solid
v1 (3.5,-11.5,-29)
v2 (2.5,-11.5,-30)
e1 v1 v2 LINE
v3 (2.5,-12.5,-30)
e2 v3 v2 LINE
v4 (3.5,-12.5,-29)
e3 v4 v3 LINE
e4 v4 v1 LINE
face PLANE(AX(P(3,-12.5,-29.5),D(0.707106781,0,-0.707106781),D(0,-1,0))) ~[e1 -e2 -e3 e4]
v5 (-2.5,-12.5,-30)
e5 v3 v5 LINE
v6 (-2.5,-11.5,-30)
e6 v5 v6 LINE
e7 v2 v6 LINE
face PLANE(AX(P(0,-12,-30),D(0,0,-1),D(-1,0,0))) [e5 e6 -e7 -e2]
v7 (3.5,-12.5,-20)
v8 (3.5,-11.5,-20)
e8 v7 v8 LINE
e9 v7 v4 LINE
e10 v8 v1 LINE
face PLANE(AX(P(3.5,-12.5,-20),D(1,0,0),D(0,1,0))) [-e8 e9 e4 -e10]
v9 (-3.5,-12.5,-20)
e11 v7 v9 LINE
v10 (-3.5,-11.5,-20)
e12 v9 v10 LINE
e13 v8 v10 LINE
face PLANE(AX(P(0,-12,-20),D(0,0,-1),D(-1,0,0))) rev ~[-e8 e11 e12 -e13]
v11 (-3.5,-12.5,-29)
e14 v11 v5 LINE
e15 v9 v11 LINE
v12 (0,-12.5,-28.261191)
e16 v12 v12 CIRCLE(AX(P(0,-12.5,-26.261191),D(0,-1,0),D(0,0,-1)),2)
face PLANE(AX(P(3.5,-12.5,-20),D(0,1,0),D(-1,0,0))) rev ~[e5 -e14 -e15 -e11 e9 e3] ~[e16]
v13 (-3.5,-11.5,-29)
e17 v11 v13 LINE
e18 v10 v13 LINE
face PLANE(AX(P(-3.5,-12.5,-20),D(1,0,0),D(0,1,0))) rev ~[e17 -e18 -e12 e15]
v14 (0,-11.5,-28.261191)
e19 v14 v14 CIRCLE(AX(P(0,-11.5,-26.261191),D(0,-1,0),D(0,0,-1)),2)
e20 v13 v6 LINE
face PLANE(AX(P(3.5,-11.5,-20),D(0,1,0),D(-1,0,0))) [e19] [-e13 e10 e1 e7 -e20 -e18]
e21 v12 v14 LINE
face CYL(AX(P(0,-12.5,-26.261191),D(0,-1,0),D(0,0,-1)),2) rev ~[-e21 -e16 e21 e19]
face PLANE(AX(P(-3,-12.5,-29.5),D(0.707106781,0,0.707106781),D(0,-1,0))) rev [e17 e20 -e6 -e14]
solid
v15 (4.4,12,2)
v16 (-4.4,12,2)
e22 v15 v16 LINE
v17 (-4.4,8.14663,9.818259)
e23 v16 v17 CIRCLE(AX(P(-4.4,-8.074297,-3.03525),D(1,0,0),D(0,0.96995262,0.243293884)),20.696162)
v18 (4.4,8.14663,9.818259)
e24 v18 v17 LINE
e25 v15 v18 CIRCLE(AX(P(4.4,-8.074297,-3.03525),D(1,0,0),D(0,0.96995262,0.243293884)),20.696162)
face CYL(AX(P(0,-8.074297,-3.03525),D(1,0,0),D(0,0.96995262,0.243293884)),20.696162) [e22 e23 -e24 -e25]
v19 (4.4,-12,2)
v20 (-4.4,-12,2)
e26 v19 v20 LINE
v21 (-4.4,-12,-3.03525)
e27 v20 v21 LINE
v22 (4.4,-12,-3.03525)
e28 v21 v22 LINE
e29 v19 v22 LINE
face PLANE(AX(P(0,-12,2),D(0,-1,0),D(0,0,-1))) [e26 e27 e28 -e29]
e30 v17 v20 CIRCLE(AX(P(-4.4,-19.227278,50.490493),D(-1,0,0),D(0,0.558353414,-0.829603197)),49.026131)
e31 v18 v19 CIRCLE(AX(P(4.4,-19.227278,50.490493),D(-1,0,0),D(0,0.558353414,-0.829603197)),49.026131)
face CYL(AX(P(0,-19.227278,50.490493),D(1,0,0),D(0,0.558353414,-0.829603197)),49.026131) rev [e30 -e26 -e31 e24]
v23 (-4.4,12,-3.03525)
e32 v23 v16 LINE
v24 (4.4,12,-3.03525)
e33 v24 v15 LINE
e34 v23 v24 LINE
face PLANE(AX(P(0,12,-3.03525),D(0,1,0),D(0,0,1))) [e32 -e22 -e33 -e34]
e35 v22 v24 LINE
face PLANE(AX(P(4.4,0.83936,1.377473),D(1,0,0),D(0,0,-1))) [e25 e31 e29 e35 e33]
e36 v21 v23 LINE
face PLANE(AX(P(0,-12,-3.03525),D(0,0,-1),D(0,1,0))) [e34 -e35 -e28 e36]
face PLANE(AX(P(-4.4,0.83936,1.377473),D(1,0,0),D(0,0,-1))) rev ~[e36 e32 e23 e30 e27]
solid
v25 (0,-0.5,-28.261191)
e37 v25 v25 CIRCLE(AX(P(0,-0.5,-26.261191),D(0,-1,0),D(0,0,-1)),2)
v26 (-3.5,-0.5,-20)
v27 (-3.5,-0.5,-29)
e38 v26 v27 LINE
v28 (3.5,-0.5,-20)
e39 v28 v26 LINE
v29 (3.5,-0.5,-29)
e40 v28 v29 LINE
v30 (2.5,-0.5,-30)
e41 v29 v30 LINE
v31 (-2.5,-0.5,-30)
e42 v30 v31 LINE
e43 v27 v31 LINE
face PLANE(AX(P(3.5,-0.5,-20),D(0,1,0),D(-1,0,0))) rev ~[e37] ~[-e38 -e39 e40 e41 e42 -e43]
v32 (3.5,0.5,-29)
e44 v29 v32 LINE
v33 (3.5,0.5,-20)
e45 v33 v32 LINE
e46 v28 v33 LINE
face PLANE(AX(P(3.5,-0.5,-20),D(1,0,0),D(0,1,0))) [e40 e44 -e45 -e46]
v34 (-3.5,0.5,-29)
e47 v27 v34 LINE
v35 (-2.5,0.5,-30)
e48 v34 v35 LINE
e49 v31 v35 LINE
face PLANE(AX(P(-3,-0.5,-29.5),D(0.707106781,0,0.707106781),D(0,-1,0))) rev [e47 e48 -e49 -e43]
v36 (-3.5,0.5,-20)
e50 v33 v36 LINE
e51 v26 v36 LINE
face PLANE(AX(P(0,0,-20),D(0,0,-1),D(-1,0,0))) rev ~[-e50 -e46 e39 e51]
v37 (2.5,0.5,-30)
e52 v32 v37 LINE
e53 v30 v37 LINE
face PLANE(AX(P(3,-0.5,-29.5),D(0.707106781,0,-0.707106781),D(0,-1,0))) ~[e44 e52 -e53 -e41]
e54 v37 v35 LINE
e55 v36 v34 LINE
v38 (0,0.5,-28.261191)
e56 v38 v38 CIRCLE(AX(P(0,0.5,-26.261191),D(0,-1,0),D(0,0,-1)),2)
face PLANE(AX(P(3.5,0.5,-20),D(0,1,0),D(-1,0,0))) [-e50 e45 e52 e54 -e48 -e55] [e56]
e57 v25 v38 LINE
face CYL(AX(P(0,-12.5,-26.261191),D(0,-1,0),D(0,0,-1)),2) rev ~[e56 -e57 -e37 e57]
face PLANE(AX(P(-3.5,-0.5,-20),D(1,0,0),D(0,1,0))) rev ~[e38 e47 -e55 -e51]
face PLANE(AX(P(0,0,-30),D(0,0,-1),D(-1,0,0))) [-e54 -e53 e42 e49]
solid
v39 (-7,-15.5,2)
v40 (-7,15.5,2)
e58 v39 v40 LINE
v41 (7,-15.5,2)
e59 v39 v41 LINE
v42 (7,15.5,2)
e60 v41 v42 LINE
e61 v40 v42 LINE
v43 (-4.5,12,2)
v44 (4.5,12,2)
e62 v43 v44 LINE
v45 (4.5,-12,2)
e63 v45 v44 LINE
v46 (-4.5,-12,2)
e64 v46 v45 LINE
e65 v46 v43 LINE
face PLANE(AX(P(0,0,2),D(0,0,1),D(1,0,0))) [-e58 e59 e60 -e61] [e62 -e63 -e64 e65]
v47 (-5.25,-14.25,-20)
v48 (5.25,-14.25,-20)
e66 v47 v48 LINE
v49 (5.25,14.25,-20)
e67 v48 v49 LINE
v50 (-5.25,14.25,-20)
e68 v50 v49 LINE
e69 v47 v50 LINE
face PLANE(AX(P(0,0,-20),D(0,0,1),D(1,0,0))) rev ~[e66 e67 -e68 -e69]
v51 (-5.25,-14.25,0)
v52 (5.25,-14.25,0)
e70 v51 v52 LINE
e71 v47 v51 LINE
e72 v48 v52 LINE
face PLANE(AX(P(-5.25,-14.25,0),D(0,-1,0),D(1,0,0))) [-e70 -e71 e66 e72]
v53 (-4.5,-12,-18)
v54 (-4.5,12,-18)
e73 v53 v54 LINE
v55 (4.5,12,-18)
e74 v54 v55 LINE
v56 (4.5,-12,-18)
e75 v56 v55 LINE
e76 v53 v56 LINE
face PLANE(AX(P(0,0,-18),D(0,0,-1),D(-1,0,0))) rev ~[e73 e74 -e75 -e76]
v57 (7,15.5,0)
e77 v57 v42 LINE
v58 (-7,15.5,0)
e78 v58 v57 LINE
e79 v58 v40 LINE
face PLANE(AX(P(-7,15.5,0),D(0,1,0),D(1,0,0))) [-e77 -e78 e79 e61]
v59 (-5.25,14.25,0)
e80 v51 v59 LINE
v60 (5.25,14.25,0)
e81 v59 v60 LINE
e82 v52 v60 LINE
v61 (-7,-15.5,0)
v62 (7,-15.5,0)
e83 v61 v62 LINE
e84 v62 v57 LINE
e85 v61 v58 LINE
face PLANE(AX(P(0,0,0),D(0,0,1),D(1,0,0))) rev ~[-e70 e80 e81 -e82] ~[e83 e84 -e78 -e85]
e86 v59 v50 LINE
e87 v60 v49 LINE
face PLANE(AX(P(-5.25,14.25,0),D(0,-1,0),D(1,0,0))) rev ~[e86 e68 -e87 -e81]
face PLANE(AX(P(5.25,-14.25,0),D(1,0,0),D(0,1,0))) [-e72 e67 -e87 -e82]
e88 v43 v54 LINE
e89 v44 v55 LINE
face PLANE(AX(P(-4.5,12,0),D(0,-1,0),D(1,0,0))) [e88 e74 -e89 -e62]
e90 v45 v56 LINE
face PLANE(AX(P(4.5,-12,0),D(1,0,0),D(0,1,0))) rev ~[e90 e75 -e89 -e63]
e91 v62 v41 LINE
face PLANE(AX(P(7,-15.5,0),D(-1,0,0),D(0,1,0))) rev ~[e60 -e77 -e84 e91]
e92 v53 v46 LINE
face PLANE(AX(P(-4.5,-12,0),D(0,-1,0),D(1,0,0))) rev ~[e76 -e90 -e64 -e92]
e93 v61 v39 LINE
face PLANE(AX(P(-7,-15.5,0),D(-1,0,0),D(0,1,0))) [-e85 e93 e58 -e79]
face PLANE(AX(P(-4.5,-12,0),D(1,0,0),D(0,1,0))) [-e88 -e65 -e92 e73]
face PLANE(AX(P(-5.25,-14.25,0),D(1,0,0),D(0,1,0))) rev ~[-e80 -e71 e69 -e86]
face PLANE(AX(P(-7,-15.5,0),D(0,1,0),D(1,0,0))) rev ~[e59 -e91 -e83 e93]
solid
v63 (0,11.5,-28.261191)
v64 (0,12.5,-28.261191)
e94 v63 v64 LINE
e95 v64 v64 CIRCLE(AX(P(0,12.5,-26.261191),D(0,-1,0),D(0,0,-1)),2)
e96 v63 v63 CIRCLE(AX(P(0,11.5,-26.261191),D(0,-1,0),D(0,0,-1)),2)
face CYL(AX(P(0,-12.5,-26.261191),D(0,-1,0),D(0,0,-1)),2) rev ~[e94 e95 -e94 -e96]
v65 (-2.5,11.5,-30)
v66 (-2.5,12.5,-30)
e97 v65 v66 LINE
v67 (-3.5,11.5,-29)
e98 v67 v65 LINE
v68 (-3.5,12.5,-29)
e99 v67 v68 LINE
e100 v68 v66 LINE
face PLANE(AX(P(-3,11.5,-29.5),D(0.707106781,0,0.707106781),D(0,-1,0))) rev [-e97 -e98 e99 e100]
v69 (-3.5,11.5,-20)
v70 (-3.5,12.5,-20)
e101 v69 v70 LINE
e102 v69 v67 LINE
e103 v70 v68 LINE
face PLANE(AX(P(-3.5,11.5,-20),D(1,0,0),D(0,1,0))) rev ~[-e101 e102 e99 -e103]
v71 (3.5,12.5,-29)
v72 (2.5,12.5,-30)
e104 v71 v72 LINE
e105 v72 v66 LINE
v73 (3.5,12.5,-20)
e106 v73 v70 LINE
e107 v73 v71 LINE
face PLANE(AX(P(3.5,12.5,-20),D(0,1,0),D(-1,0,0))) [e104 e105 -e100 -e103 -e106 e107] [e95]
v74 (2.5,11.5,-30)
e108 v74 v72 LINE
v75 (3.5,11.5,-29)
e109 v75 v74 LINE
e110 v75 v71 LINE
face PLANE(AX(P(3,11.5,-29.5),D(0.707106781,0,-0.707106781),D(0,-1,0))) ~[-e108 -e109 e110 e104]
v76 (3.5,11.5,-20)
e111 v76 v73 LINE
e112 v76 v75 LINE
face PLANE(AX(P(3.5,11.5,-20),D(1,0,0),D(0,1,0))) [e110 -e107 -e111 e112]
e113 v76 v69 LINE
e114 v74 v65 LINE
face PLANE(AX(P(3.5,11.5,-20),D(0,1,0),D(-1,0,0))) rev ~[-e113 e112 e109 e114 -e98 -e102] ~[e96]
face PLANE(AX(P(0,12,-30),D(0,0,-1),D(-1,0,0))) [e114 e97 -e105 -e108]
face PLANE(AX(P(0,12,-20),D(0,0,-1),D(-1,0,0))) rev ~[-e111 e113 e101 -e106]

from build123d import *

# Parameters (mm, degrees)
SKETCH1_W           = 14
SKETCH1_H           = 31
SKETCH1_W_2         = 9
SKETCH1_H_2         = 24
BOSS_EXTRUDE1_DEPTH = 2
SKETCH2_W           = 10.5
SKETCH2_H           = 28.5
SKETCH2_W_2         = 9
SKETCH2_H_2         = 24
BOSS_EXTRUDE2_DEPTH = 20
SKETCH3_W           = 10.5
SKETCH3_H           = 28.5
BOSS_EXTRUDE3_DEPTH = 2
SKETCH4_W           = 7
SKETCH4_H           = 1
BOSS_EXTRUDE4_DEPTH = 10
CHAMFER1_SIZE       = 1
LPATTERN1_COUNT     = 2
LPATTERN1_PITCH     = 12
LPATTERN1_2_COUNT   = 2
LPATTERN1_2_PITCH   = 12
SKETCH6_R           = 2
CUT_EXTRUDE1_DEPTH  = 42.629316593
BOSS_EXTRUDE5_DEPTH = 4.4


with BuildPart() as part:
    # Sketch1 → Boss-Extrude1 (new body)
    with BuildSketch(Plane.XY):
        Rectangle(SKETCH1_W, SKETCH1_H)
        Rectangle(SKETCH1_W_2, SKETCH1_H_2, mode=Mode.SUBTRACT)
    extrude(amount=BOSS_EXTRUDE1_DEPTH)

    # Sketch2 → Boss-Extrude2 (add)
    with BuildSketch(Plane.XY):
        Rectangle(SKETCH2_W, SKETCH2_H)
        Rectangle(SKETCH2_W_2, SKETCH2_H_2, mode=Mode.SUBTRACT)
    extrude(amount=-BOSS_EXTRUDE2_DEPTH)

    # Sketch3 → Boss-Extrude3 (add)
    with BuildSketch(Plane(origin=(0, 0, -20), x_dir=(-1, 0, 0), z_dir=(0, 0, -1))):
        Rectangle(SKETCH3_W, SKETCH3_H)
    extrude(amount=-BOSS_EXTRUDE3_DEPTH)


with BuildPart() as body_2:
    # Sketch4 → Boss-Extrude4 (new body)
    with BuildSketch(Plane(origin=(0, 0, -20), x_dir=(-1, 0, 0), z_dir=(0, 0, -1))):
        Rectangle(SKETCH4_W, SKETCH4_H)
    extrude(amount=BOSS_EXTRUDE4_DEPTH)

    # Chamfer1
    chamfer1_edges = [body_2.edges().sort_by_distance(p)[0] for p in [
        (3.5, 0, -30),
        (-3.5, 0, -30),
    ]]
    chamfer(chamfer1_edges, length=CHAMFER1_SIZE)


with BuildPart() as lpattern1_1:
    # LPattern1: pattern copy
    add(body_2.part.moved(Location(Vector(0, -1, 0) * (1 * LPATTERN1_PITCH))))


with BuildPart() as lpattern1_2_1:
    # LPattern1 2: pattern copy
    add(body_2.part.moved(Location(Vector(0, 1, 0) * (1 * LPATTERN1_2_PITCH))))


with BuildPart() as cut_extrude1_tool:
    # Sketch6 → Cut-Extrude1 (new, through all)
    with BuildSketch(Plane.XZ.offset(12.5)):
        with Locations(Location((0, -26.261190852, 0), (0, 0, 270))):
            Circle(SKETCH6_R)
    extrude(amount=-CUT_EXTRUDE1_DEPTH)


with BuildPart() as body_2_1:
    add(body_2.part)

    # Cut-Extrude1: cut by cut_extrude1_tool
    add(cut_extrude1_tool.part, mode=Mode.SUBTRACT)


with BuildPart() as lpattern1_1_1:
    add(lpattern1_1.part)

    # Cut-Extrude1: cut by cut_extrude1_tool
    add(cut_extrude1_tool.part, mode=Mode.SUBTRACT)


with BuildPart() as lpattern1_2_1_1:
    add(lpattern1_2_1.part)

    # Cut-Extrude1: cut by cut_extrude1_tool
    add(cut_extrude1_tool.part, mode=Mode.SUBTRACT)


with BuildPart() as body_5:
    # Sketch7 → Boss-Extrude5 (new, symmetric)
    with BuildSketch(Plane(origin=(0, 0, 0), x_dir=(0, 0, -1), z_dir=(1, 0, 0))):
        with BuildLine():
            Line((-2, -12), (3.035249644, -12))
            Line((3.035249644, -12), (3.035249644, 12))
            Line((3.035249644, 12), (-2, 12))
            ThreePointArc((-2, 12), (-6.114287528, 10.489568636), (-9.818258603, 8.14662966))
            ThreePointArc((-9.818258603, 8.14662966), (-4.785245382, -1.49054199), (-2, -12))
        make_face()
    extrude(amount=BOSS_EXTRUDE5_DEPTH, both=True)


solid = Compound([part.part, body_2_1.part, lpattern1_1_1.part, lpattern1_2_1_1.part, body_5.part])
